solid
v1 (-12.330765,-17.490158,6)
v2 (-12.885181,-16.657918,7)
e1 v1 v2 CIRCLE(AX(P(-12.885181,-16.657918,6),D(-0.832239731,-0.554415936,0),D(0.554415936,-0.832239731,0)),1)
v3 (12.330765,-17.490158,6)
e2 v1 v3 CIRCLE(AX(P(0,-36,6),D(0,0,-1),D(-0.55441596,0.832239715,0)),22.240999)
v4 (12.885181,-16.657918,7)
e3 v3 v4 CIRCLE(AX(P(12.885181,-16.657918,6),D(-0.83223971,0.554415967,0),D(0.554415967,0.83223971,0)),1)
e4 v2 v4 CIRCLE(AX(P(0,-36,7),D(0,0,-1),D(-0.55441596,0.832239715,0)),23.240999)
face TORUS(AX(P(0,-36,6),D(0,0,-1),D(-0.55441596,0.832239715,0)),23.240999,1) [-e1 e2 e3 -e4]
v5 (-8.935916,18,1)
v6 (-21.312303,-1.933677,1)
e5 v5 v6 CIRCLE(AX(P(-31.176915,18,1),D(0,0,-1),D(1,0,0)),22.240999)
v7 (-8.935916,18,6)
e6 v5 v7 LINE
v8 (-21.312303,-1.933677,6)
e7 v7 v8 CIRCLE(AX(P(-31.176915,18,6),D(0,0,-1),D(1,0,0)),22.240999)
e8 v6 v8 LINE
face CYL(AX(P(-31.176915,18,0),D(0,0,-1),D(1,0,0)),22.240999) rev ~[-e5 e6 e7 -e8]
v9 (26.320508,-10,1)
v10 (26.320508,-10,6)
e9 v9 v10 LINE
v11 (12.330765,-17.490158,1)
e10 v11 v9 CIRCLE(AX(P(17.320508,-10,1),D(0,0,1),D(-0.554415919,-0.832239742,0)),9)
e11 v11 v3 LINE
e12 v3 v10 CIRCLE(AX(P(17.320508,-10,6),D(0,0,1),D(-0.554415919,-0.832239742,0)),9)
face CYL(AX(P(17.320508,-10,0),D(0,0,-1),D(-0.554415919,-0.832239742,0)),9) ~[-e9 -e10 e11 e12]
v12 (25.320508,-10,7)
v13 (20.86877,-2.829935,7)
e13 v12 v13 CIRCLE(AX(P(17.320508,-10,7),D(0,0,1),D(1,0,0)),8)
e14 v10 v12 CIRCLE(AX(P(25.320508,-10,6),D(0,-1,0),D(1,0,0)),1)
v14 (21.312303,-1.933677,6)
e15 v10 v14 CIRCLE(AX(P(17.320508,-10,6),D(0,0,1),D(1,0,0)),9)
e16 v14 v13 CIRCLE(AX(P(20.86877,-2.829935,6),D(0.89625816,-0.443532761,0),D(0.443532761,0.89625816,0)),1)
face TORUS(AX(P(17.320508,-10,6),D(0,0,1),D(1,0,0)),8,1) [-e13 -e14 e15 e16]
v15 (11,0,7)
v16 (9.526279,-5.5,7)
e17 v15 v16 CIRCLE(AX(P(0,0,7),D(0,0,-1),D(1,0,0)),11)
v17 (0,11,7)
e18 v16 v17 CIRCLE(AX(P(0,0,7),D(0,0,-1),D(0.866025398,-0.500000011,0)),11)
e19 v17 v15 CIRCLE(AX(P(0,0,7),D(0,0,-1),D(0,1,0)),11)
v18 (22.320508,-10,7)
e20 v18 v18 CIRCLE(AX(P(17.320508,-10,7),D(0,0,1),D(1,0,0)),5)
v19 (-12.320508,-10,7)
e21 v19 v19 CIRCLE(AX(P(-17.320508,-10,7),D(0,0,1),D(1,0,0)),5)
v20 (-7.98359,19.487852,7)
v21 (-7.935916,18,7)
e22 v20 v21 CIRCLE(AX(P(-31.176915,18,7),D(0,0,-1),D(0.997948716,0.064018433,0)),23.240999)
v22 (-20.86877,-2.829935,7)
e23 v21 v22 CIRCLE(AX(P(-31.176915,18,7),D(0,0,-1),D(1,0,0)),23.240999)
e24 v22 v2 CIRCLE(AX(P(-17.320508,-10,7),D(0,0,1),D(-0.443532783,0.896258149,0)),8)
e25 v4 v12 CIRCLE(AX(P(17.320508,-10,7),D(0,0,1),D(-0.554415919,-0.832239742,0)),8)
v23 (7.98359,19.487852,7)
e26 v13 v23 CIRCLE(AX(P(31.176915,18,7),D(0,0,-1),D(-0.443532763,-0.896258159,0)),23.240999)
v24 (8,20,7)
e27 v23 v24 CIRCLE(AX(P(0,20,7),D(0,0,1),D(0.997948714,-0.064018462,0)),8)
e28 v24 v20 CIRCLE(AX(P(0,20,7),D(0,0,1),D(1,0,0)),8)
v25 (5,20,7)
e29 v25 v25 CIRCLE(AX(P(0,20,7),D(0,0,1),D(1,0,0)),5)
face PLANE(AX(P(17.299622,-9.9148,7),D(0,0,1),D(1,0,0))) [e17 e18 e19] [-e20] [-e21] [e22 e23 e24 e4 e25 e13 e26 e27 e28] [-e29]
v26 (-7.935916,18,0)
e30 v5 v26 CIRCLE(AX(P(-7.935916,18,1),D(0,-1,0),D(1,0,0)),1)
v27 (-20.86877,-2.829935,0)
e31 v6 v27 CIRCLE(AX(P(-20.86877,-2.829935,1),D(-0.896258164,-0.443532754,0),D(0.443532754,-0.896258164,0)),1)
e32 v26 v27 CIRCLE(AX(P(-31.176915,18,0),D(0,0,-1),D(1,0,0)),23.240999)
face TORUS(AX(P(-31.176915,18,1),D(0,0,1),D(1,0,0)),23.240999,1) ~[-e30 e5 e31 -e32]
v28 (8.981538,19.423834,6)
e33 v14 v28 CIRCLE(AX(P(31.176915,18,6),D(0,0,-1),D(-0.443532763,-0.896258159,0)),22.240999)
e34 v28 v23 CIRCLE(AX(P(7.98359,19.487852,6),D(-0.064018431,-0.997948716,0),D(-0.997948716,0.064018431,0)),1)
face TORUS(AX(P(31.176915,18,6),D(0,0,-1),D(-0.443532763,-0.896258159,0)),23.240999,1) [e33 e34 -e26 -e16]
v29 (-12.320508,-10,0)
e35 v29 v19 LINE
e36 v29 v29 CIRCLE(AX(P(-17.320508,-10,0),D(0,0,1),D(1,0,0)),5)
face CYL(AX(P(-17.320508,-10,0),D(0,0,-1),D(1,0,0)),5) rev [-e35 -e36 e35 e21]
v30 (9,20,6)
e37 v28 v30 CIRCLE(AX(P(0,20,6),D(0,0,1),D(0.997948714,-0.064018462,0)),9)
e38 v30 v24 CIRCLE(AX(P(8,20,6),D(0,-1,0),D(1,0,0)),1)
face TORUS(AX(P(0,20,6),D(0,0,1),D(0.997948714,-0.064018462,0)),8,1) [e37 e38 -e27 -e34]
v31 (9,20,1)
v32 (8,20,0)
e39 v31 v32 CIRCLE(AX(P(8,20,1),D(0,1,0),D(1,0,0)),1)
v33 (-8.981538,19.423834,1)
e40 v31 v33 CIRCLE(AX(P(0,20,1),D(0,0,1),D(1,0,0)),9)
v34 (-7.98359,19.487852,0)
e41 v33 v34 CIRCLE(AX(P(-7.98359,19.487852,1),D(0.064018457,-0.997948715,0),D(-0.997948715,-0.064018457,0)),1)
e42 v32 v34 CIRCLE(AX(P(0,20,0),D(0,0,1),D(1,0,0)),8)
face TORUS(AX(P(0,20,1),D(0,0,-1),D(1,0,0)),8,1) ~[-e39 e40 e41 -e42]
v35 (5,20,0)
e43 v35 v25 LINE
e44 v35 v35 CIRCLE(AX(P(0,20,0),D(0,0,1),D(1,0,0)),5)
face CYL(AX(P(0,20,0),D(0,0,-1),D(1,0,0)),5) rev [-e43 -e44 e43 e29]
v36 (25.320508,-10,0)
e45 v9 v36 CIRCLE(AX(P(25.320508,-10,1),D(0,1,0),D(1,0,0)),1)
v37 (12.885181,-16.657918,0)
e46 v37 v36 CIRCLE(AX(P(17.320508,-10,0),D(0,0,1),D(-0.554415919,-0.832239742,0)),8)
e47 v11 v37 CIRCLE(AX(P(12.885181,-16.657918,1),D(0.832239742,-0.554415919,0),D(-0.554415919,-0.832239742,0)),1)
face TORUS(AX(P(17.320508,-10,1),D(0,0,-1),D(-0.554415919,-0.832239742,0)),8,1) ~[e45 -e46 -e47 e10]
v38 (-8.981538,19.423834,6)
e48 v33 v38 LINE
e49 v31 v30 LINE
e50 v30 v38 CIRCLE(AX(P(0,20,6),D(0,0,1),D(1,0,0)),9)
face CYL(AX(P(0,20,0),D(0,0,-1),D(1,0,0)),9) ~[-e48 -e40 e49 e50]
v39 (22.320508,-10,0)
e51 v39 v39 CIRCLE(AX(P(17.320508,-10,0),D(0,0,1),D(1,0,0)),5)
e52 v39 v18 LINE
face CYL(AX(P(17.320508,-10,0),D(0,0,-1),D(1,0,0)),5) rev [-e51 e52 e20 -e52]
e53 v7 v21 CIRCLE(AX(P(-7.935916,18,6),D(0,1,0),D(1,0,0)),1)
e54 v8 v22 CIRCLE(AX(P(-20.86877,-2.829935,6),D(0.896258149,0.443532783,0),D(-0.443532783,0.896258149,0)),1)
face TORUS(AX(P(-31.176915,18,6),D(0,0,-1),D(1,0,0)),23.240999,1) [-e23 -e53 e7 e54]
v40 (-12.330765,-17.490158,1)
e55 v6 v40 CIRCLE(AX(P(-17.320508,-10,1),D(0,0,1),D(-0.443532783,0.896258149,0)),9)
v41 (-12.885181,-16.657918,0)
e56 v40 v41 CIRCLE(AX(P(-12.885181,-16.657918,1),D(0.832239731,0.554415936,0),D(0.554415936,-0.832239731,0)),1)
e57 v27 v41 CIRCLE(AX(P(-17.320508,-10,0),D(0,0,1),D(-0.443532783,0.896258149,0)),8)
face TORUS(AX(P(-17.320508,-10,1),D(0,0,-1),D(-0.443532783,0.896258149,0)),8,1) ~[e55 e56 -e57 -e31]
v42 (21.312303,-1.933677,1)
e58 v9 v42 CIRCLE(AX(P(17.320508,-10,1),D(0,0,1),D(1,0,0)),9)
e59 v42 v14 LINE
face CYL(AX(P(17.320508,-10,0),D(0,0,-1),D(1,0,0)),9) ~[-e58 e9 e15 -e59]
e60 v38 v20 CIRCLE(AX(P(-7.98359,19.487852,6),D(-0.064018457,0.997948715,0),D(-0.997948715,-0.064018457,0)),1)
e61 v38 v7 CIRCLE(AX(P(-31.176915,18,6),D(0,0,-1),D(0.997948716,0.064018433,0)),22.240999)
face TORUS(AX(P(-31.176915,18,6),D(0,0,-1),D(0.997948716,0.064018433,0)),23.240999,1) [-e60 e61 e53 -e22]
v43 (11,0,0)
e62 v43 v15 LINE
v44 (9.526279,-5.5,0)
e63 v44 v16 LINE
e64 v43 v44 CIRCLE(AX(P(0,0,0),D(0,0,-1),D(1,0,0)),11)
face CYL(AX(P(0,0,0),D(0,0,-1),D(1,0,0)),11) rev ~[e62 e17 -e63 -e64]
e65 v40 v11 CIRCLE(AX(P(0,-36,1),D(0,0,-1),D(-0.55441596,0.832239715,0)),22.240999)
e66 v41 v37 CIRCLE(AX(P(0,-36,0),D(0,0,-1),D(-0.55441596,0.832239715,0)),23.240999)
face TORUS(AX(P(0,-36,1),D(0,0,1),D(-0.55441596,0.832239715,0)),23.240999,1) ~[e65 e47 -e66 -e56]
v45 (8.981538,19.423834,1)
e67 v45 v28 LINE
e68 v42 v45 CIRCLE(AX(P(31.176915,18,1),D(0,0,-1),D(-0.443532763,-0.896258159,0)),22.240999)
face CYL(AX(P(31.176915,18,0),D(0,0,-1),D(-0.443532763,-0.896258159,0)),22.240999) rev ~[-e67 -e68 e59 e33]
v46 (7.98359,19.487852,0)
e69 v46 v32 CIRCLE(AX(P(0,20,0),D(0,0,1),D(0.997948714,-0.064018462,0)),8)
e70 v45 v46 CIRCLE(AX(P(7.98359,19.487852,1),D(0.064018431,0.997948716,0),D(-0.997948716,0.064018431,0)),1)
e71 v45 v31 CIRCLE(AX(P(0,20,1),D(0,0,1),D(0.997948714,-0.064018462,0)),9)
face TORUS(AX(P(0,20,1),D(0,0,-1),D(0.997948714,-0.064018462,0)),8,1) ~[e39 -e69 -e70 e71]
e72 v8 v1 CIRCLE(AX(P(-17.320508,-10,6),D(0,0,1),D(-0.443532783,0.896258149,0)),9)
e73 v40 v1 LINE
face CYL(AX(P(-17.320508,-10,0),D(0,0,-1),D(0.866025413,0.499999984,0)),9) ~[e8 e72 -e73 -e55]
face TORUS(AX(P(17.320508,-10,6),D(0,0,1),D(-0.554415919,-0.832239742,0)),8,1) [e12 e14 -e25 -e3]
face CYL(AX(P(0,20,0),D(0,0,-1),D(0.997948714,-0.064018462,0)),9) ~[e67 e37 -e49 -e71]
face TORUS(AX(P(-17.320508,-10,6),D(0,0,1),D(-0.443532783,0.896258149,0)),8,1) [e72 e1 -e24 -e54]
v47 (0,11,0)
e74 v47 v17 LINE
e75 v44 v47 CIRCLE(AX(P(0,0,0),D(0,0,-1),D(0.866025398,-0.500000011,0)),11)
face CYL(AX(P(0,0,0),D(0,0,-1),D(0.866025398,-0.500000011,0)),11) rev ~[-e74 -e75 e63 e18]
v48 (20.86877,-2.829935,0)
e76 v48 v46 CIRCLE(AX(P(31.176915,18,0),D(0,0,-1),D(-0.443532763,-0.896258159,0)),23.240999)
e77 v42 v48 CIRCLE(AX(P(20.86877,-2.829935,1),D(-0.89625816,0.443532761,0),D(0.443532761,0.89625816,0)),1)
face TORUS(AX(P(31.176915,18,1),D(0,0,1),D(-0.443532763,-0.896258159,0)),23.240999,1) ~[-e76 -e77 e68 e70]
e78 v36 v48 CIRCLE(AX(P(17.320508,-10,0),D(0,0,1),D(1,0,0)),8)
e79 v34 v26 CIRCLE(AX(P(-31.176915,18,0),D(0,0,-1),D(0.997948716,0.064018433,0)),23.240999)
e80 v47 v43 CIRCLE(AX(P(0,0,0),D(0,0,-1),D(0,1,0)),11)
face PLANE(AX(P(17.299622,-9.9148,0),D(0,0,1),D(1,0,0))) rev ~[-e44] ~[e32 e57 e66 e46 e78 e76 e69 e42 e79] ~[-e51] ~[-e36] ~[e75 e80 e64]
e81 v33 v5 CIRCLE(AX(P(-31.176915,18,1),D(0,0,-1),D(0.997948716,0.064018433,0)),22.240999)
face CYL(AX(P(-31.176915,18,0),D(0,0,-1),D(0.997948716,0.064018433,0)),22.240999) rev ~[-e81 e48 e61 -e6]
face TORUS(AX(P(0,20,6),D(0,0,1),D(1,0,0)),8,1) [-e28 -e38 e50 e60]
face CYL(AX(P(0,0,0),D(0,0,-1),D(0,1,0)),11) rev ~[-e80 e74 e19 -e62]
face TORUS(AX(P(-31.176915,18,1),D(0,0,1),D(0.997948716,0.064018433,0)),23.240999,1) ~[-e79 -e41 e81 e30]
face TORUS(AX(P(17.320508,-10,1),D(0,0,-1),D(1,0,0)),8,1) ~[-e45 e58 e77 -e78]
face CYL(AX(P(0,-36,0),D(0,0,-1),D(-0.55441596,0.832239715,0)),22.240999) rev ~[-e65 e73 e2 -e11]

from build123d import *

# Parameters (mm, degrees)
F0_R     = 5
F1_DEPTH = 7
F2_R     = 1


with BuildPart() as f1:
    # F0 (on Top) → F1 (new body)
    with BuildSketch(Plane.XY):
        with BuildLine():
            ThreePointArc((21.3123029217, -1.9336765557), (14.7139218512, -1.3857264813), (9.5262793734, -5.5000001181))
            ThreePointArc((9.5262793734, -5.5000001181), (8.5570353366, -12.0497671944), (12.3307648053, -17.4901576816))
            ThreePointArc((12.3307648053, -17.4901576816), (21.5685847326, -17.9343458909), (26.3205080757, -10))
            ThreePointArc((26.3205080757, -10), (24.9666232205, -5.2526930589), (21.3123029217, -1.9336765557))
        make_face()
        with Locations((17.3205080757, -10)):
            Circle(F0_R, mode=Mode.SUBTRACT)
        with BuildLine():
            ThreePointArc((-8.3205080757, -10), (-8.6271756178, -7.6706286735), (-9.5262793594, -5.5000001424))
            ThreePointArc((-9.5262793594, -5.5000001424), (-14.7139219474, -1.3857264522), (-21.312303127, -1.9336766573))
            ThreePointArc((-21.312303127, -1.9336766573), (-25.1147367037, -14.5000000105), (-12.3307646513, -17.490157579))
            ThreePointArc((-12.3307646513, -17.490157579), (-9.3861621411, -14.2480765754), (-8.3205080757, -10))
        make_face()
        with Locations((-17.3205080757, -10)):
            Circle(F0_R, mode=Mode.SUBTRACT)
        with BuildLine():
            ThreePointArc((-9.5262793594, -5.5000001424), (-9.5262794827, 5.4999999288), (0, 11))
            ThreePointArc((0, 11), (-6.1568865898, 13.4354933529), (-8.9815384321, 19.4238338845))
            ThreePointArc((-8.9815384321, 19.4238338845), (-8.9473244085, 18.7122823092), (-8.9359158326, 18))
            ThreePointArc((-8.9359158326, 18), (-12.2816660211, 6.2683502062), (-21.312303127, -1.9336766573))
            ThreePointArc((-21.312303127, -1.9336766573), (-14.7139219474, -1.3857264522), (-9.5262793594, -5.5000001424))
        make_face()
        with BuildLine():
            ThreePointArc((12.3307648053, -17.4901576816), (8.5570353366, -12.0497671944), (9.5262793734, -5.5000001181))
            ThreePointArc((9.5262793734, -5.5000001181), (1.4e-08, -11), (-9.5262793594, -5.5000001424))
            ThreePointArc((-9.5262793594, -5.5000001424), (-8.6271756178, -7.6706286735), (-8.3205080757, -10))
            ThreePointArc((-8.3205080757, -10), (-9.3861621411, -14.2480765754), (-12.3307646513, -17.490157579))
            ThreePointArc((-12.3307646513, -17.490157579), (9.25e-08, -13.7590012964), (12.3307648053, -17.4901576816))
        make_face()
        with BuildLine():
            ThreePointArc((0, 11), (7.7781745931, 7.7781745931), (11, 0))
            ThreePointArc((11, 0), (10.6251840715, -2.847009562), (9.5262793734, -5.5000001181))
            ThreePointArc((9.5262793734, -5.5000001181), (14.7139218512, -1.3857264813), (21.3123029217, -1.9336765557))
            ThreePointArc((21.3123029217, -1.9336765557), (11.9156446994, 6.8795005684), (8.9815384291, 19.4238338374))
            ThreePointArc((8.9815384291, 19.4238338374), (6.1568865726, 13.4354933368), (0, 11))
        make_face()
        with BuildLine():
            ThreePointArc((-8.9815384321, 19.4238338845), (-6.1568865898, 13.4354933529), (0, 11))
            ThreePointArc((0, 11), (6.1568865726, 13.4354933368), (8.9815384291, 19.4238338374))
            ThreePointArc((8.9815384291, 19.4238338374), (8.9953834232, 19.7117690698), (9, 20))
            ThreePointArc((9, 20), (-0.2882309066, 28.995383424), (-8.9815384321, 19.4238338845))
        make_face()
        with Locations((0, 20)):
            Circle(F0_R, mode=Mode.SUBTRACT)
    extrude(amount=F1_DEPTH)

    # F2
    f2_edges = [f1.edges().sort_by_distance(p)[0] for p in [
        (-25.114737, -14.5, 7),
        (0, -13.759001, 7),
        (25.114737, -14.5, 7),
        (11.915645, 6.879501, 7),
        (-11.915645, 6.8795, 7),
        (0, 29, 7),
        (25.114737, -14.5, 0),
        (0, -13.759001, 0),
        (-25.114737, -14.5, 0),
        (-11.915645, 6.8795, 0),
        (0, 29, 0),
        (11.915645, 6.879501, 0),
    ]]
    fillet(f2_edges, radius=F2_R)


solid = f1.part
